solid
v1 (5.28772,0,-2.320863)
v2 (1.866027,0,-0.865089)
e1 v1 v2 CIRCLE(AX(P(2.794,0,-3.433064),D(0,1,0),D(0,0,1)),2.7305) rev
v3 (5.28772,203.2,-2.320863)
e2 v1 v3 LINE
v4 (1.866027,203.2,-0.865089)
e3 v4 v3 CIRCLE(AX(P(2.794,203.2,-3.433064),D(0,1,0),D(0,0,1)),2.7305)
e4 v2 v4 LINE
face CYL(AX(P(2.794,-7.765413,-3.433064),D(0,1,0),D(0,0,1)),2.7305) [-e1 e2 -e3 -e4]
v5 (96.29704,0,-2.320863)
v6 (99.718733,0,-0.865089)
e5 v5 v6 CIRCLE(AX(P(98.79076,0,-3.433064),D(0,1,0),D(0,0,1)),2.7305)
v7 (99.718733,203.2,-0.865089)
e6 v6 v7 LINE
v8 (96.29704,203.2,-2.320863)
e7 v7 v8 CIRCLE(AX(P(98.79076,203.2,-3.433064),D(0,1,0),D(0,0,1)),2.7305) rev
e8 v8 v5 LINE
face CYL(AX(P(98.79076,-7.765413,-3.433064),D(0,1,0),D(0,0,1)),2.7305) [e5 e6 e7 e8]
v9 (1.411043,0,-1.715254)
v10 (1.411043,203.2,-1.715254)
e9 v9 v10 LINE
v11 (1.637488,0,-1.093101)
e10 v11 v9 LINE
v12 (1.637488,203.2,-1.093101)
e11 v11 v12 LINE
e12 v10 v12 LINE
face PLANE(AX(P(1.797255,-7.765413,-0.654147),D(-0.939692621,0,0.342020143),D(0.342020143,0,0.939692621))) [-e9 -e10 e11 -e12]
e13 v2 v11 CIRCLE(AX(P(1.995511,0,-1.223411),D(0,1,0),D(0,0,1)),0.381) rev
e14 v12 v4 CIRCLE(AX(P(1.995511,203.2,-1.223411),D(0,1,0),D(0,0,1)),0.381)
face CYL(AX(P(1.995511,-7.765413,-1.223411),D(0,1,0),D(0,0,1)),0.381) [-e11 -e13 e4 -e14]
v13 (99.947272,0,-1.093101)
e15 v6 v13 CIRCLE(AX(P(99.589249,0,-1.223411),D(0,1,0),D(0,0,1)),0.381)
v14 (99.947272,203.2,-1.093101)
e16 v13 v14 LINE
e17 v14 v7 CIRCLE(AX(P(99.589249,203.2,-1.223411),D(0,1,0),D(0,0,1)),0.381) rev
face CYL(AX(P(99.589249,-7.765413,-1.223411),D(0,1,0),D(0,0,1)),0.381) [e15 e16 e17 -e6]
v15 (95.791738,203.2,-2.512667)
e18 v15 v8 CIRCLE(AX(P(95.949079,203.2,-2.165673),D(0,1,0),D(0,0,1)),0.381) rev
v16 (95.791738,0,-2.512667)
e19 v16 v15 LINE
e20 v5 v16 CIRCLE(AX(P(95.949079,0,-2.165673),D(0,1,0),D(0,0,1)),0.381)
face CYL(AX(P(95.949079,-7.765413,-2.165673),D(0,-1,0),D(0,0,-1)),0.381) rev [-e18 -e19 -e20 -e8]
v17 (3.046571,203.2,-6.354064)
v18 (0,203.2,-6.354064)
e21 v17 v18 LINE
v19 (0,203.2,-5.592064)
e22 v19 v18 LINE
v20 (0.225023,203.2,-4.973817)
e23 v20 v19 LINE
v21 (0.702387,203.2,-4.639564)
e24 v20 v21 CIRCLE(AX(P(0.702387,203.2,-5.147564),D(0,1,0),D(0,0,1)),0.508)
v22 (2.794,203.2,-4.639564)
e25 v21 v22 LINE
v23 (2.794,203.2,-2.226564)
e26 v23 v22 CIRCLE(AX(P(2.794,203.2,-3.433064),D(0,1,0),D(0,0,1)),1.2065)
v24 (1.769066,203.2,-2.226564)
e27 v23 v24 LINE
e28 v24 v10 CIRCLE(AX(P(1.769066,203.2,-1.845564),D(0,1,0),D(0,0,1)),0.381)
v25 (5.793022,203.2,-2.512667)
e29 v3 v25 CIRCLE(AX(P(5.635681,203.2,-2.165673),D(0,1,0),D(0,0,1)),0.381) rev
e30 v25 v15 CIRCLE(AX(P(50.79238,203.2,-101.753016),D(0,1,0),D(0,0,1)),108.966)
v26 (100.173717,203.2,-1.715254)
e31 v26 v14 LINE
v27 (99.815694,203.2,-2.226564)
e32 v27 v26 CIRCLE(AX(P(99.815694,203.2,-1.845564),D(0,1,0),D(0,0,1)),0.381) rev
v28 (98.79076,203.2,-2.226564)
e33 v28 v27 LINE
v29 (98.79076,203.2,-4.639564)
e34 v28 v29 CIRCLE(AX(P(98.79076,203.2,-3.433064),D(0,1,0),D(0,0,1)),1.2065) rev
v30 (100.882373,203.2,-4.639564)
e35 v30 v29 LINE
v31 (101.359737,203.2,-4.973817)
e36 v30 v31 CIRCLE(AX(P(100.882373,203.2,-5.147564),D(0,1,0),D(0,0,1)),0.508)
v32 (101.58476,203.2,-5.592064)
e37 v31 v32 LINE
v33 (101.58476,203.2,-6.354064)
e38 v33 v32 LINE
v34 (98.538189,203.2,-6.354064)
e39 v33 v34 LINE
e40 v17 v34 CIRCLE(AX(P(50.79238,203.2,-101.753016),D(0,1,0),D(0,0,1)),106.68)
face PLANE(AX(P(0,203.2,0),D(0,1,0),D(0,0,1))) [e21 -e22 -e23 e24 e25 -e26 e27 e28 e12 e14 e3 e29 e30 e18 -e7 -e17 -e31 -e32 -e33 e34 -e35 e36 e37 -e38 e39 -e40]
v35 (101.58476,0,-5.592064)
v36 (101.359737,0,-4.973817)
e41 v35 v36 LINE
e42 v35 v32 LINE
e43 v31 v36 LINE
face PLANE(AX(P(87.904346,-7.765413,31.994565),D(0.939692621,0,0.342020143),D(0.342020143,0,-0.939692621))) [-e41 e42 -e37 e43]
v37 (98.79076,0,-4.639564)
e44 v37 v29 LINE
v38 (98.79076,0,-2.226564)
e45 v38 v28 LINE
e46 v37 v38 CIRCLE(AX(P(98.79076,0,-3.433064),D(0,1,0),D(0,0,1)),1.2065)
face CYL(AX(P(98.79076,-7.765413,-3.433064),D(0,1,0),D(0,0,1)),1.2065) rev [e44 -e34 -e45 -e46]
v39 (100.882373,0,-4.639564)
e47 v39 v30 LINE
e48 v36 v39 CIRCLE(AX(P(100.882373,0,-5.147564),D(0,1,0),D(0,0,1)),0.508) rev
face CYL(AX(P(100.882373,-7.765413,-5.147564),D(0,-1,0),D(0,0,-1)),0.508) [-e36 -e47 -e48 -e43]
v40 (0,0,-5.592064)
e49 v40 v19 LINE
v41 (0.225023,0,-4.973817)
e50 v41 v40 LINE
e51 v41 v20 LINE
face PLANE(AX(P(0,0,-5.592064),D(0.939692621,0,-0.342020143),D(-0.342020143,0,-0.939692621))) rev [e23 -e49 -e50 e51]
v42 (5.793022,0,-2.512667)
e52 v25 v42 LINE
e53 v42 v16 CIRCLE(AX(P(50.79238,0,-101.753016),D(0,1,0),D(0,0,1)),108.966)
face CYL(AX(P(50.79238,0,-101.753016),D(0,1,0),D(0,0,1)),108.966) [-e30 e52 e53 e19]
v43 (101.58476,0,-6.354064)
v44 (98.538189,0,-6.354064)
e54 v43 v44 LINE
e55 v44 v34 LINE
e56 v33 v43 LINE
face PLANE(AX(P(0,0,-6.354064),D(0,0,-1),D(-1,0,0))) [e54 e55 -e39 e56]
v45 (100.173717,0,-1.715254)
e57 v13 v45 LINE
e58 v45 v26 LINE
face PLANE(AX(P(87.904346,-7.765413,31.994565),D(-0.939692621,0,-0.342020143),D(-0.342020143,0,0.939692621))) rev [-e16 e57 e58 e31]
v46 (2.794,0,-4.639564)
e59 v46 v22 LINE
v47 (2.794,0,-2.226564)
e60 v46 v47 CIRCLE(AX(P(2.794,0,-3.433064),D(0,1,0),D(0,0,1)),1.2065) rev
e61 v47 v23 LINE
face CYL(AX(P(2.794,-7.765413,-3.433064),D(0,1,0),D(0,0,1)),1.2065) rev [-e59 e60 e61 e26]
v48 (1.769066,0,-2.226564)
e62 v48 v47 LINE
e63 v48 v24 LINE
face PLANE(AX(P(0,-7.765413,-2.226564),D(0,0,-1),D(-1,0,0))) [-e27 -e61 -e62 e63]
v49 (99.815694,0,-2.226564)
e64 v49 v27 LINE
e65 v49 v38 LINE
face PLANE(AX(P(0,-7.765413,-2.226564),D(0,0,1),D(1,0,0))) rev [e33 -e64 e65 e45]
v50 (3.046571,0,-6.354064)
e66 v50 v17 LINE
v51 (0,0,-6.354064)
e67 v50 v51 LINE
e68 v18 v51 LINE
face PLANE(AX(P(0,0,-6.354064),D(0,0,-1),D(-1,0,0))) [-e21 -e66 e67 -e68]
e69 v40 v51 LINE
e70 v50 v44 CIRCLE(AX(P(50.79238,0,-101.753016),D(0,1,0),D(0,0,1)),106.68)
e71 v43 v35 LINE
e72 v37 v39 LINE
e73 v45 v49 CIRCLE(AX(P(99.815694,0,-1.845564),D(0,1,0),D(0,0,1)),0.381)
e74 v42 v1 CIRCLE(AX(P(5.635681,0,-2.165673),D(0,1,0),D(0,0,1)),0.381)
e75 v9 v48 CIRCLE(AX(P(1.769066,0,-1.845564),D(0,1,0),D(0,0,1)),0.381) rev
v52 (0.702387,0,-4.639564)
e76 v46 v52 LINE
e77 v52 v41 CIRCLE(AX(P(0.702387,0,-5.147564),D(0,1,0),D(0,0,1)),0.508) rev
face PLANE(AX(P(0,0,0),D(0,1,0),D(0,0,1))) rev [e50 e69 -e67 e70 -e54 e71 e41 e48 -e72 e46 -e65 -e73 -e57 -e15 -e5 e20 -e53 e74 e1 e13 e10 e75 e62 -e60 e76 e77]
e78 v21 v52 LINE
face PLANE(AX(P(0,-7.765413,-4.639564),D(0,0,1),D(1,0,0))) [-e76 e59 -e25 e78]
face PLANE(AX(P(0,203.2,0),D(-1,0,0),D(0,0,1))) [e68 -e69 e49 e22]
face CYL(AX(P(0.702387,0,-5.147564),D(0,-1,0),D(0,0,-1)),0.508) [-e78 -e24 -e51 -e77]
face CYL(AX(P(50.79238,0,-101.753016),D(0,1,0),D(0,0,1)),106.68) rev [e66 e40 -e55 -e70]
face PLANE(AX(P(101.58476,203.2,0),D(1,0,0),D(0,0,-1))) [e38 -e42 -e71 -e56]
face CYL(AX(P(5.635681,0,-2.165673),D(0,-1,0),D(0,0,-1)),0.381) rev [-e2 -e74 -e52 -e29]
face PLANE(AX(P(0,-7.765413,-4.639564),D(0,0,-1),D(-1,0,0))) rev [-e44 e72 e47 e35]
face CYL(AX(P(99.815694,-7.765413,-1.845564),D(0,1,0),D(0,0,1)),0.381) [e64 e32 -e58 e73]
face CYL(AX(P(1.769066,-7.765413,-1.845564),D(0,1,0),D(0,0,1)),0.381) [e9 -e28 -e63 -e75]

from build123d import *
from build123d.topology import SkipClean

# Parameters (mm, degrees)
BOSS_EXTRUDE1_DEPTH = 203.2
CUT_EXTRUDE1_DEPTH  = 204.2
BOSS_EXTRUDE2_DEPTH = 203.2
FILLET1_R           = 0.508
BOSS_EXTRUDE3_DEPTH = 203.2
CUT_EXTRUDE2_DEPTH  = 204.2
FILLET2_R           = 0.381


with BuildPart() as part:
    # Sketch1 → Boss-Extrude1 (new body)
    with BuildSketch(Plane(origin=(0, 0, 0), x_dir=(1, 0, 0), z_dir=(0, 1, 0))):
        with BuildLine():
            Line((101.58476, 5.338063609), (101.58476, 6.354063609))
            ThreePointArc((101.58476, 6.354063609), (50.79238, 19.05), (0, 6.354063609))
            Line((0, 6.354063609), (0, 5.338063609))
            Line((0, 5.338063609), (1.338554634, 5.338063609))
            ThreePointArc((1.338554634, 5.338063609), (45.188812602, 17.378377427), (90.062082389, 10.016044959))
            ThreePointArc((90.062082389, 10.016044959), (91.218156641, 9.549225792), (92.368682931, 9.068895628))
            ThreePointArc((92.368682931, 9.068895628), (96.251044015, 7.328911154), (100.06076, 5.435148318))
            Line((100.06076, 5.435148318), (100.06076, 4.322063609))
            ThreePointArc((100.06076, 4.322063609), (100.209549755, 3.962853364), (100.56876, 3.814063609))
            Line((100.56876, 3.814063609), (100.82276, 3.814063609))
            Line((100.82276, 3.814063609), (101.58476, 5.338063609))
        make_face()
    extrude(amount=BOSS_EXTRUDE1_DEPTH)

    # Sketch3 → Cut-Extrude1 (cut, through all)
    with BuildSketch(Plane(origin=(0, 203.2, 0), x_dir=(1, 0, 0), z_dir=(0, 1, 0))):
        Polygon((100.06076, 2.923708758), (101.58476, 2.923708758), (101.58476, 5.592063609), (100.06076, 5.435148318), align=None)
        Polygon((0, 5.592063609), (0.4067845, 4.474432381), (0, 4.474432381), align=None)
    extrude(amount=-CUT_EXTRUDE1_DEPTH, mode=Mode.SUBTRACT)

    # Sketch2 → Boss-Extrude2 (add)
    with BuildSketch(Plane(origin=(0, 203.2, 0), x_dir=(1, 0, 0), z_dir=(0, 1, 0))):
        with BuildLine():
            Line((98.79076, 4.639563606), (101.238078351, 4.639563606))
            Line((101.238078351, 4.639563606), (101.58476, 5.592063609))
            Line((101.58476, 5.592063609), (100.06076, 5.435148318))
            ThreePointArc((100.06076, 5.435148318), (99.355551952, 5.800115132), (98.647640508, 6.159810213))
            ThreePointArc((98.647640508, 6.159810213), (96.114471858, 2.891665388), (99.718733273, 0.865088556))
            ThreePointArc((99.718733273, 0.865088556), (99.858345852, 0.953692868), (99.947271519, 1.093100982))
            Line((99.947271519, 1.093100982), (100.173716674, 1.715253931))
            ThreePointArc((100.173716674, 1.715253931), (100.127790714, 2.064096228), (99.815693785, 2.226563606))
            Line((99.815693785, 2.226563606), (98.79076, 2.226563606))
            ThreePointArc((98.79076, 2.226563606), (97.58426, 3.433063606), (98.79076, 4.639563606))
        make_face()
        with BuildLine():
            ThreePointArc((1.769066215, 2.226563606), (1.456969286, 2.064096228), (1.411043326, 1.715253931))
            Line((1.411043326, 1.715253931), (1.637488481, 1.093100982))
            ThreePointArc((1.637488481, 1.093100982), (1.726414148, 0.953692868), (1.866026727, 0.865088556))
            ThreePointArc((1.866026727, 0.865088556), (5.470288142, 2.891665388), (2.937119492, 6.159810213))
            ThreePointArc((2.937119492, 6.159810213), (2.136102242, 5.752311703), (1.338554634, 5.338063609))
            Line((1.338554634, 5.338063609), (0.09244844, 5.338063609))
            Line((0.09244844, 5.338063609), (0.346681649, 4.639563606))
            Line((0.346681649, 4.639563606), (2.794, 4.639563606))
            ThreePointArc((2.794, 4.639563606), (4.0005, 3.433063606), (2.794, 2.226563606))
            Line((2.794, 2.226563606), (1.769066215, 2.226563606))
        make_face()
    extrude(amount=-BOSS_EXTRUDE2_DEPTH)

    # Fillet1
    fillet1_edges = [part.edges().sort_by_distance(p)[0] for p in [
        (101.238078351, 101.6, -4.639563606),
        (0.346681649, 101.6, -4.639563606),
    ]]
    fillet(fillet1_edges, radius=FILLET1_R)

    # Sketch4 → Boss-Extrude3 (add, through all)
    with BuildSketch(Plane(origin=(0, 203.2, 0), x_dir=(1, 0, 0), z_dir=(0, 1, 0))):
        with BuildLine():
            ThreePointArc((3.991870192, 5.886782672), (5.288114571, 4.544379384), (5.419434578, 2.682914602))
            ThreePointArc((5.419434578, 2.682914602), (50.79238, -7.212984057), (96.165325422, 2.682914602))
            ThreePointArc((96.165325422, 2.682914602), (96.296645429, 4.544379384), (97.592889808, 5.886782672))
            ThreePointArc((97.592889808, 5.886782672), (50.79238, -4.926984057), (3.991870192, 5.886782672))
        make_face()
        with BuildLine():
            ThreePointArc((2.937119492, 6.159810213), (3.478250935, 6.076438514), (3.991870192, 5.886782672))
            ThreePointArc((3.991870192, 5.886782672), (3.588373028, 6.084817853), (3.185713825, 6.284551329))
            ThreePointArc((3.185713825, 6.284551329), (3.061375909, 6.222261981), (2.937119492, 6.159810213))
        make_face()
        with BuildLine():
            ThreePointArc((98.399046175, 6.284551329), (97.996386972, 6.084817853), (97.592889808, 5.886782672))
            ThreePointArc((97.592889808, 5.886782672), (98.106509065, 6.076438514), (98.647640508, 6.159810213))
            ThreePointArc((98.647640508, 6.159810213), (98.523384091, 6.222261981), (98.399046175, 6.284551329))
        make_face()
    extrude(amount=-BOSS_EXTRUDE3_DEPTH)

    # Sketch5 → Cut-Extrude2 (cut, through all)
    with SkipClean():  # keep this step's faces unmerged: merging them makes the solid invalid here
        with BuildSketch(Plane(origin=(0, 203.2, 0), x_dir=(1, 0, 0), z_dir=(0, 1, 0))):
            with BuildLine():
                ThreePointArc((98.399046175, 6.284551329), (98.468630342, 6.31928211), (98.538189172, 6.354063609))
                Line((98.538189172, 6.354063609), (101.58476, 6.354063609))
                ThreePointArc((101.58476, 6.354063609), (50.79238, 19.05), (0, 6.354063609))
                Line((0, 6.354063609), (3.046570828, 6.354063609))
                ThreePointArc((3.046570828, 6.354063609), (3.116129658, 6.31928211), (3.185713825, 6.284551329))
                ThreePointArc((3.185713825, 6.284551329), (50.79238, 17.526), (98.399046175, 6.284551329))
            make_face()
        extrude(amount=-CUT_EXTRUDE2_DEPTH, mode=Mode.SUBTRACT)

    # Fillet2
    fillet2_edges = [part.edges().sort_by_distance(p)[0] for p in [
        (5.419434578, 101.6, -2.682914602),
        (96.165325422, 101.6, -2.682914602),
    ]]
    fillet(fillet2_edges, radius=FILLET2_R)


solid = part.part
